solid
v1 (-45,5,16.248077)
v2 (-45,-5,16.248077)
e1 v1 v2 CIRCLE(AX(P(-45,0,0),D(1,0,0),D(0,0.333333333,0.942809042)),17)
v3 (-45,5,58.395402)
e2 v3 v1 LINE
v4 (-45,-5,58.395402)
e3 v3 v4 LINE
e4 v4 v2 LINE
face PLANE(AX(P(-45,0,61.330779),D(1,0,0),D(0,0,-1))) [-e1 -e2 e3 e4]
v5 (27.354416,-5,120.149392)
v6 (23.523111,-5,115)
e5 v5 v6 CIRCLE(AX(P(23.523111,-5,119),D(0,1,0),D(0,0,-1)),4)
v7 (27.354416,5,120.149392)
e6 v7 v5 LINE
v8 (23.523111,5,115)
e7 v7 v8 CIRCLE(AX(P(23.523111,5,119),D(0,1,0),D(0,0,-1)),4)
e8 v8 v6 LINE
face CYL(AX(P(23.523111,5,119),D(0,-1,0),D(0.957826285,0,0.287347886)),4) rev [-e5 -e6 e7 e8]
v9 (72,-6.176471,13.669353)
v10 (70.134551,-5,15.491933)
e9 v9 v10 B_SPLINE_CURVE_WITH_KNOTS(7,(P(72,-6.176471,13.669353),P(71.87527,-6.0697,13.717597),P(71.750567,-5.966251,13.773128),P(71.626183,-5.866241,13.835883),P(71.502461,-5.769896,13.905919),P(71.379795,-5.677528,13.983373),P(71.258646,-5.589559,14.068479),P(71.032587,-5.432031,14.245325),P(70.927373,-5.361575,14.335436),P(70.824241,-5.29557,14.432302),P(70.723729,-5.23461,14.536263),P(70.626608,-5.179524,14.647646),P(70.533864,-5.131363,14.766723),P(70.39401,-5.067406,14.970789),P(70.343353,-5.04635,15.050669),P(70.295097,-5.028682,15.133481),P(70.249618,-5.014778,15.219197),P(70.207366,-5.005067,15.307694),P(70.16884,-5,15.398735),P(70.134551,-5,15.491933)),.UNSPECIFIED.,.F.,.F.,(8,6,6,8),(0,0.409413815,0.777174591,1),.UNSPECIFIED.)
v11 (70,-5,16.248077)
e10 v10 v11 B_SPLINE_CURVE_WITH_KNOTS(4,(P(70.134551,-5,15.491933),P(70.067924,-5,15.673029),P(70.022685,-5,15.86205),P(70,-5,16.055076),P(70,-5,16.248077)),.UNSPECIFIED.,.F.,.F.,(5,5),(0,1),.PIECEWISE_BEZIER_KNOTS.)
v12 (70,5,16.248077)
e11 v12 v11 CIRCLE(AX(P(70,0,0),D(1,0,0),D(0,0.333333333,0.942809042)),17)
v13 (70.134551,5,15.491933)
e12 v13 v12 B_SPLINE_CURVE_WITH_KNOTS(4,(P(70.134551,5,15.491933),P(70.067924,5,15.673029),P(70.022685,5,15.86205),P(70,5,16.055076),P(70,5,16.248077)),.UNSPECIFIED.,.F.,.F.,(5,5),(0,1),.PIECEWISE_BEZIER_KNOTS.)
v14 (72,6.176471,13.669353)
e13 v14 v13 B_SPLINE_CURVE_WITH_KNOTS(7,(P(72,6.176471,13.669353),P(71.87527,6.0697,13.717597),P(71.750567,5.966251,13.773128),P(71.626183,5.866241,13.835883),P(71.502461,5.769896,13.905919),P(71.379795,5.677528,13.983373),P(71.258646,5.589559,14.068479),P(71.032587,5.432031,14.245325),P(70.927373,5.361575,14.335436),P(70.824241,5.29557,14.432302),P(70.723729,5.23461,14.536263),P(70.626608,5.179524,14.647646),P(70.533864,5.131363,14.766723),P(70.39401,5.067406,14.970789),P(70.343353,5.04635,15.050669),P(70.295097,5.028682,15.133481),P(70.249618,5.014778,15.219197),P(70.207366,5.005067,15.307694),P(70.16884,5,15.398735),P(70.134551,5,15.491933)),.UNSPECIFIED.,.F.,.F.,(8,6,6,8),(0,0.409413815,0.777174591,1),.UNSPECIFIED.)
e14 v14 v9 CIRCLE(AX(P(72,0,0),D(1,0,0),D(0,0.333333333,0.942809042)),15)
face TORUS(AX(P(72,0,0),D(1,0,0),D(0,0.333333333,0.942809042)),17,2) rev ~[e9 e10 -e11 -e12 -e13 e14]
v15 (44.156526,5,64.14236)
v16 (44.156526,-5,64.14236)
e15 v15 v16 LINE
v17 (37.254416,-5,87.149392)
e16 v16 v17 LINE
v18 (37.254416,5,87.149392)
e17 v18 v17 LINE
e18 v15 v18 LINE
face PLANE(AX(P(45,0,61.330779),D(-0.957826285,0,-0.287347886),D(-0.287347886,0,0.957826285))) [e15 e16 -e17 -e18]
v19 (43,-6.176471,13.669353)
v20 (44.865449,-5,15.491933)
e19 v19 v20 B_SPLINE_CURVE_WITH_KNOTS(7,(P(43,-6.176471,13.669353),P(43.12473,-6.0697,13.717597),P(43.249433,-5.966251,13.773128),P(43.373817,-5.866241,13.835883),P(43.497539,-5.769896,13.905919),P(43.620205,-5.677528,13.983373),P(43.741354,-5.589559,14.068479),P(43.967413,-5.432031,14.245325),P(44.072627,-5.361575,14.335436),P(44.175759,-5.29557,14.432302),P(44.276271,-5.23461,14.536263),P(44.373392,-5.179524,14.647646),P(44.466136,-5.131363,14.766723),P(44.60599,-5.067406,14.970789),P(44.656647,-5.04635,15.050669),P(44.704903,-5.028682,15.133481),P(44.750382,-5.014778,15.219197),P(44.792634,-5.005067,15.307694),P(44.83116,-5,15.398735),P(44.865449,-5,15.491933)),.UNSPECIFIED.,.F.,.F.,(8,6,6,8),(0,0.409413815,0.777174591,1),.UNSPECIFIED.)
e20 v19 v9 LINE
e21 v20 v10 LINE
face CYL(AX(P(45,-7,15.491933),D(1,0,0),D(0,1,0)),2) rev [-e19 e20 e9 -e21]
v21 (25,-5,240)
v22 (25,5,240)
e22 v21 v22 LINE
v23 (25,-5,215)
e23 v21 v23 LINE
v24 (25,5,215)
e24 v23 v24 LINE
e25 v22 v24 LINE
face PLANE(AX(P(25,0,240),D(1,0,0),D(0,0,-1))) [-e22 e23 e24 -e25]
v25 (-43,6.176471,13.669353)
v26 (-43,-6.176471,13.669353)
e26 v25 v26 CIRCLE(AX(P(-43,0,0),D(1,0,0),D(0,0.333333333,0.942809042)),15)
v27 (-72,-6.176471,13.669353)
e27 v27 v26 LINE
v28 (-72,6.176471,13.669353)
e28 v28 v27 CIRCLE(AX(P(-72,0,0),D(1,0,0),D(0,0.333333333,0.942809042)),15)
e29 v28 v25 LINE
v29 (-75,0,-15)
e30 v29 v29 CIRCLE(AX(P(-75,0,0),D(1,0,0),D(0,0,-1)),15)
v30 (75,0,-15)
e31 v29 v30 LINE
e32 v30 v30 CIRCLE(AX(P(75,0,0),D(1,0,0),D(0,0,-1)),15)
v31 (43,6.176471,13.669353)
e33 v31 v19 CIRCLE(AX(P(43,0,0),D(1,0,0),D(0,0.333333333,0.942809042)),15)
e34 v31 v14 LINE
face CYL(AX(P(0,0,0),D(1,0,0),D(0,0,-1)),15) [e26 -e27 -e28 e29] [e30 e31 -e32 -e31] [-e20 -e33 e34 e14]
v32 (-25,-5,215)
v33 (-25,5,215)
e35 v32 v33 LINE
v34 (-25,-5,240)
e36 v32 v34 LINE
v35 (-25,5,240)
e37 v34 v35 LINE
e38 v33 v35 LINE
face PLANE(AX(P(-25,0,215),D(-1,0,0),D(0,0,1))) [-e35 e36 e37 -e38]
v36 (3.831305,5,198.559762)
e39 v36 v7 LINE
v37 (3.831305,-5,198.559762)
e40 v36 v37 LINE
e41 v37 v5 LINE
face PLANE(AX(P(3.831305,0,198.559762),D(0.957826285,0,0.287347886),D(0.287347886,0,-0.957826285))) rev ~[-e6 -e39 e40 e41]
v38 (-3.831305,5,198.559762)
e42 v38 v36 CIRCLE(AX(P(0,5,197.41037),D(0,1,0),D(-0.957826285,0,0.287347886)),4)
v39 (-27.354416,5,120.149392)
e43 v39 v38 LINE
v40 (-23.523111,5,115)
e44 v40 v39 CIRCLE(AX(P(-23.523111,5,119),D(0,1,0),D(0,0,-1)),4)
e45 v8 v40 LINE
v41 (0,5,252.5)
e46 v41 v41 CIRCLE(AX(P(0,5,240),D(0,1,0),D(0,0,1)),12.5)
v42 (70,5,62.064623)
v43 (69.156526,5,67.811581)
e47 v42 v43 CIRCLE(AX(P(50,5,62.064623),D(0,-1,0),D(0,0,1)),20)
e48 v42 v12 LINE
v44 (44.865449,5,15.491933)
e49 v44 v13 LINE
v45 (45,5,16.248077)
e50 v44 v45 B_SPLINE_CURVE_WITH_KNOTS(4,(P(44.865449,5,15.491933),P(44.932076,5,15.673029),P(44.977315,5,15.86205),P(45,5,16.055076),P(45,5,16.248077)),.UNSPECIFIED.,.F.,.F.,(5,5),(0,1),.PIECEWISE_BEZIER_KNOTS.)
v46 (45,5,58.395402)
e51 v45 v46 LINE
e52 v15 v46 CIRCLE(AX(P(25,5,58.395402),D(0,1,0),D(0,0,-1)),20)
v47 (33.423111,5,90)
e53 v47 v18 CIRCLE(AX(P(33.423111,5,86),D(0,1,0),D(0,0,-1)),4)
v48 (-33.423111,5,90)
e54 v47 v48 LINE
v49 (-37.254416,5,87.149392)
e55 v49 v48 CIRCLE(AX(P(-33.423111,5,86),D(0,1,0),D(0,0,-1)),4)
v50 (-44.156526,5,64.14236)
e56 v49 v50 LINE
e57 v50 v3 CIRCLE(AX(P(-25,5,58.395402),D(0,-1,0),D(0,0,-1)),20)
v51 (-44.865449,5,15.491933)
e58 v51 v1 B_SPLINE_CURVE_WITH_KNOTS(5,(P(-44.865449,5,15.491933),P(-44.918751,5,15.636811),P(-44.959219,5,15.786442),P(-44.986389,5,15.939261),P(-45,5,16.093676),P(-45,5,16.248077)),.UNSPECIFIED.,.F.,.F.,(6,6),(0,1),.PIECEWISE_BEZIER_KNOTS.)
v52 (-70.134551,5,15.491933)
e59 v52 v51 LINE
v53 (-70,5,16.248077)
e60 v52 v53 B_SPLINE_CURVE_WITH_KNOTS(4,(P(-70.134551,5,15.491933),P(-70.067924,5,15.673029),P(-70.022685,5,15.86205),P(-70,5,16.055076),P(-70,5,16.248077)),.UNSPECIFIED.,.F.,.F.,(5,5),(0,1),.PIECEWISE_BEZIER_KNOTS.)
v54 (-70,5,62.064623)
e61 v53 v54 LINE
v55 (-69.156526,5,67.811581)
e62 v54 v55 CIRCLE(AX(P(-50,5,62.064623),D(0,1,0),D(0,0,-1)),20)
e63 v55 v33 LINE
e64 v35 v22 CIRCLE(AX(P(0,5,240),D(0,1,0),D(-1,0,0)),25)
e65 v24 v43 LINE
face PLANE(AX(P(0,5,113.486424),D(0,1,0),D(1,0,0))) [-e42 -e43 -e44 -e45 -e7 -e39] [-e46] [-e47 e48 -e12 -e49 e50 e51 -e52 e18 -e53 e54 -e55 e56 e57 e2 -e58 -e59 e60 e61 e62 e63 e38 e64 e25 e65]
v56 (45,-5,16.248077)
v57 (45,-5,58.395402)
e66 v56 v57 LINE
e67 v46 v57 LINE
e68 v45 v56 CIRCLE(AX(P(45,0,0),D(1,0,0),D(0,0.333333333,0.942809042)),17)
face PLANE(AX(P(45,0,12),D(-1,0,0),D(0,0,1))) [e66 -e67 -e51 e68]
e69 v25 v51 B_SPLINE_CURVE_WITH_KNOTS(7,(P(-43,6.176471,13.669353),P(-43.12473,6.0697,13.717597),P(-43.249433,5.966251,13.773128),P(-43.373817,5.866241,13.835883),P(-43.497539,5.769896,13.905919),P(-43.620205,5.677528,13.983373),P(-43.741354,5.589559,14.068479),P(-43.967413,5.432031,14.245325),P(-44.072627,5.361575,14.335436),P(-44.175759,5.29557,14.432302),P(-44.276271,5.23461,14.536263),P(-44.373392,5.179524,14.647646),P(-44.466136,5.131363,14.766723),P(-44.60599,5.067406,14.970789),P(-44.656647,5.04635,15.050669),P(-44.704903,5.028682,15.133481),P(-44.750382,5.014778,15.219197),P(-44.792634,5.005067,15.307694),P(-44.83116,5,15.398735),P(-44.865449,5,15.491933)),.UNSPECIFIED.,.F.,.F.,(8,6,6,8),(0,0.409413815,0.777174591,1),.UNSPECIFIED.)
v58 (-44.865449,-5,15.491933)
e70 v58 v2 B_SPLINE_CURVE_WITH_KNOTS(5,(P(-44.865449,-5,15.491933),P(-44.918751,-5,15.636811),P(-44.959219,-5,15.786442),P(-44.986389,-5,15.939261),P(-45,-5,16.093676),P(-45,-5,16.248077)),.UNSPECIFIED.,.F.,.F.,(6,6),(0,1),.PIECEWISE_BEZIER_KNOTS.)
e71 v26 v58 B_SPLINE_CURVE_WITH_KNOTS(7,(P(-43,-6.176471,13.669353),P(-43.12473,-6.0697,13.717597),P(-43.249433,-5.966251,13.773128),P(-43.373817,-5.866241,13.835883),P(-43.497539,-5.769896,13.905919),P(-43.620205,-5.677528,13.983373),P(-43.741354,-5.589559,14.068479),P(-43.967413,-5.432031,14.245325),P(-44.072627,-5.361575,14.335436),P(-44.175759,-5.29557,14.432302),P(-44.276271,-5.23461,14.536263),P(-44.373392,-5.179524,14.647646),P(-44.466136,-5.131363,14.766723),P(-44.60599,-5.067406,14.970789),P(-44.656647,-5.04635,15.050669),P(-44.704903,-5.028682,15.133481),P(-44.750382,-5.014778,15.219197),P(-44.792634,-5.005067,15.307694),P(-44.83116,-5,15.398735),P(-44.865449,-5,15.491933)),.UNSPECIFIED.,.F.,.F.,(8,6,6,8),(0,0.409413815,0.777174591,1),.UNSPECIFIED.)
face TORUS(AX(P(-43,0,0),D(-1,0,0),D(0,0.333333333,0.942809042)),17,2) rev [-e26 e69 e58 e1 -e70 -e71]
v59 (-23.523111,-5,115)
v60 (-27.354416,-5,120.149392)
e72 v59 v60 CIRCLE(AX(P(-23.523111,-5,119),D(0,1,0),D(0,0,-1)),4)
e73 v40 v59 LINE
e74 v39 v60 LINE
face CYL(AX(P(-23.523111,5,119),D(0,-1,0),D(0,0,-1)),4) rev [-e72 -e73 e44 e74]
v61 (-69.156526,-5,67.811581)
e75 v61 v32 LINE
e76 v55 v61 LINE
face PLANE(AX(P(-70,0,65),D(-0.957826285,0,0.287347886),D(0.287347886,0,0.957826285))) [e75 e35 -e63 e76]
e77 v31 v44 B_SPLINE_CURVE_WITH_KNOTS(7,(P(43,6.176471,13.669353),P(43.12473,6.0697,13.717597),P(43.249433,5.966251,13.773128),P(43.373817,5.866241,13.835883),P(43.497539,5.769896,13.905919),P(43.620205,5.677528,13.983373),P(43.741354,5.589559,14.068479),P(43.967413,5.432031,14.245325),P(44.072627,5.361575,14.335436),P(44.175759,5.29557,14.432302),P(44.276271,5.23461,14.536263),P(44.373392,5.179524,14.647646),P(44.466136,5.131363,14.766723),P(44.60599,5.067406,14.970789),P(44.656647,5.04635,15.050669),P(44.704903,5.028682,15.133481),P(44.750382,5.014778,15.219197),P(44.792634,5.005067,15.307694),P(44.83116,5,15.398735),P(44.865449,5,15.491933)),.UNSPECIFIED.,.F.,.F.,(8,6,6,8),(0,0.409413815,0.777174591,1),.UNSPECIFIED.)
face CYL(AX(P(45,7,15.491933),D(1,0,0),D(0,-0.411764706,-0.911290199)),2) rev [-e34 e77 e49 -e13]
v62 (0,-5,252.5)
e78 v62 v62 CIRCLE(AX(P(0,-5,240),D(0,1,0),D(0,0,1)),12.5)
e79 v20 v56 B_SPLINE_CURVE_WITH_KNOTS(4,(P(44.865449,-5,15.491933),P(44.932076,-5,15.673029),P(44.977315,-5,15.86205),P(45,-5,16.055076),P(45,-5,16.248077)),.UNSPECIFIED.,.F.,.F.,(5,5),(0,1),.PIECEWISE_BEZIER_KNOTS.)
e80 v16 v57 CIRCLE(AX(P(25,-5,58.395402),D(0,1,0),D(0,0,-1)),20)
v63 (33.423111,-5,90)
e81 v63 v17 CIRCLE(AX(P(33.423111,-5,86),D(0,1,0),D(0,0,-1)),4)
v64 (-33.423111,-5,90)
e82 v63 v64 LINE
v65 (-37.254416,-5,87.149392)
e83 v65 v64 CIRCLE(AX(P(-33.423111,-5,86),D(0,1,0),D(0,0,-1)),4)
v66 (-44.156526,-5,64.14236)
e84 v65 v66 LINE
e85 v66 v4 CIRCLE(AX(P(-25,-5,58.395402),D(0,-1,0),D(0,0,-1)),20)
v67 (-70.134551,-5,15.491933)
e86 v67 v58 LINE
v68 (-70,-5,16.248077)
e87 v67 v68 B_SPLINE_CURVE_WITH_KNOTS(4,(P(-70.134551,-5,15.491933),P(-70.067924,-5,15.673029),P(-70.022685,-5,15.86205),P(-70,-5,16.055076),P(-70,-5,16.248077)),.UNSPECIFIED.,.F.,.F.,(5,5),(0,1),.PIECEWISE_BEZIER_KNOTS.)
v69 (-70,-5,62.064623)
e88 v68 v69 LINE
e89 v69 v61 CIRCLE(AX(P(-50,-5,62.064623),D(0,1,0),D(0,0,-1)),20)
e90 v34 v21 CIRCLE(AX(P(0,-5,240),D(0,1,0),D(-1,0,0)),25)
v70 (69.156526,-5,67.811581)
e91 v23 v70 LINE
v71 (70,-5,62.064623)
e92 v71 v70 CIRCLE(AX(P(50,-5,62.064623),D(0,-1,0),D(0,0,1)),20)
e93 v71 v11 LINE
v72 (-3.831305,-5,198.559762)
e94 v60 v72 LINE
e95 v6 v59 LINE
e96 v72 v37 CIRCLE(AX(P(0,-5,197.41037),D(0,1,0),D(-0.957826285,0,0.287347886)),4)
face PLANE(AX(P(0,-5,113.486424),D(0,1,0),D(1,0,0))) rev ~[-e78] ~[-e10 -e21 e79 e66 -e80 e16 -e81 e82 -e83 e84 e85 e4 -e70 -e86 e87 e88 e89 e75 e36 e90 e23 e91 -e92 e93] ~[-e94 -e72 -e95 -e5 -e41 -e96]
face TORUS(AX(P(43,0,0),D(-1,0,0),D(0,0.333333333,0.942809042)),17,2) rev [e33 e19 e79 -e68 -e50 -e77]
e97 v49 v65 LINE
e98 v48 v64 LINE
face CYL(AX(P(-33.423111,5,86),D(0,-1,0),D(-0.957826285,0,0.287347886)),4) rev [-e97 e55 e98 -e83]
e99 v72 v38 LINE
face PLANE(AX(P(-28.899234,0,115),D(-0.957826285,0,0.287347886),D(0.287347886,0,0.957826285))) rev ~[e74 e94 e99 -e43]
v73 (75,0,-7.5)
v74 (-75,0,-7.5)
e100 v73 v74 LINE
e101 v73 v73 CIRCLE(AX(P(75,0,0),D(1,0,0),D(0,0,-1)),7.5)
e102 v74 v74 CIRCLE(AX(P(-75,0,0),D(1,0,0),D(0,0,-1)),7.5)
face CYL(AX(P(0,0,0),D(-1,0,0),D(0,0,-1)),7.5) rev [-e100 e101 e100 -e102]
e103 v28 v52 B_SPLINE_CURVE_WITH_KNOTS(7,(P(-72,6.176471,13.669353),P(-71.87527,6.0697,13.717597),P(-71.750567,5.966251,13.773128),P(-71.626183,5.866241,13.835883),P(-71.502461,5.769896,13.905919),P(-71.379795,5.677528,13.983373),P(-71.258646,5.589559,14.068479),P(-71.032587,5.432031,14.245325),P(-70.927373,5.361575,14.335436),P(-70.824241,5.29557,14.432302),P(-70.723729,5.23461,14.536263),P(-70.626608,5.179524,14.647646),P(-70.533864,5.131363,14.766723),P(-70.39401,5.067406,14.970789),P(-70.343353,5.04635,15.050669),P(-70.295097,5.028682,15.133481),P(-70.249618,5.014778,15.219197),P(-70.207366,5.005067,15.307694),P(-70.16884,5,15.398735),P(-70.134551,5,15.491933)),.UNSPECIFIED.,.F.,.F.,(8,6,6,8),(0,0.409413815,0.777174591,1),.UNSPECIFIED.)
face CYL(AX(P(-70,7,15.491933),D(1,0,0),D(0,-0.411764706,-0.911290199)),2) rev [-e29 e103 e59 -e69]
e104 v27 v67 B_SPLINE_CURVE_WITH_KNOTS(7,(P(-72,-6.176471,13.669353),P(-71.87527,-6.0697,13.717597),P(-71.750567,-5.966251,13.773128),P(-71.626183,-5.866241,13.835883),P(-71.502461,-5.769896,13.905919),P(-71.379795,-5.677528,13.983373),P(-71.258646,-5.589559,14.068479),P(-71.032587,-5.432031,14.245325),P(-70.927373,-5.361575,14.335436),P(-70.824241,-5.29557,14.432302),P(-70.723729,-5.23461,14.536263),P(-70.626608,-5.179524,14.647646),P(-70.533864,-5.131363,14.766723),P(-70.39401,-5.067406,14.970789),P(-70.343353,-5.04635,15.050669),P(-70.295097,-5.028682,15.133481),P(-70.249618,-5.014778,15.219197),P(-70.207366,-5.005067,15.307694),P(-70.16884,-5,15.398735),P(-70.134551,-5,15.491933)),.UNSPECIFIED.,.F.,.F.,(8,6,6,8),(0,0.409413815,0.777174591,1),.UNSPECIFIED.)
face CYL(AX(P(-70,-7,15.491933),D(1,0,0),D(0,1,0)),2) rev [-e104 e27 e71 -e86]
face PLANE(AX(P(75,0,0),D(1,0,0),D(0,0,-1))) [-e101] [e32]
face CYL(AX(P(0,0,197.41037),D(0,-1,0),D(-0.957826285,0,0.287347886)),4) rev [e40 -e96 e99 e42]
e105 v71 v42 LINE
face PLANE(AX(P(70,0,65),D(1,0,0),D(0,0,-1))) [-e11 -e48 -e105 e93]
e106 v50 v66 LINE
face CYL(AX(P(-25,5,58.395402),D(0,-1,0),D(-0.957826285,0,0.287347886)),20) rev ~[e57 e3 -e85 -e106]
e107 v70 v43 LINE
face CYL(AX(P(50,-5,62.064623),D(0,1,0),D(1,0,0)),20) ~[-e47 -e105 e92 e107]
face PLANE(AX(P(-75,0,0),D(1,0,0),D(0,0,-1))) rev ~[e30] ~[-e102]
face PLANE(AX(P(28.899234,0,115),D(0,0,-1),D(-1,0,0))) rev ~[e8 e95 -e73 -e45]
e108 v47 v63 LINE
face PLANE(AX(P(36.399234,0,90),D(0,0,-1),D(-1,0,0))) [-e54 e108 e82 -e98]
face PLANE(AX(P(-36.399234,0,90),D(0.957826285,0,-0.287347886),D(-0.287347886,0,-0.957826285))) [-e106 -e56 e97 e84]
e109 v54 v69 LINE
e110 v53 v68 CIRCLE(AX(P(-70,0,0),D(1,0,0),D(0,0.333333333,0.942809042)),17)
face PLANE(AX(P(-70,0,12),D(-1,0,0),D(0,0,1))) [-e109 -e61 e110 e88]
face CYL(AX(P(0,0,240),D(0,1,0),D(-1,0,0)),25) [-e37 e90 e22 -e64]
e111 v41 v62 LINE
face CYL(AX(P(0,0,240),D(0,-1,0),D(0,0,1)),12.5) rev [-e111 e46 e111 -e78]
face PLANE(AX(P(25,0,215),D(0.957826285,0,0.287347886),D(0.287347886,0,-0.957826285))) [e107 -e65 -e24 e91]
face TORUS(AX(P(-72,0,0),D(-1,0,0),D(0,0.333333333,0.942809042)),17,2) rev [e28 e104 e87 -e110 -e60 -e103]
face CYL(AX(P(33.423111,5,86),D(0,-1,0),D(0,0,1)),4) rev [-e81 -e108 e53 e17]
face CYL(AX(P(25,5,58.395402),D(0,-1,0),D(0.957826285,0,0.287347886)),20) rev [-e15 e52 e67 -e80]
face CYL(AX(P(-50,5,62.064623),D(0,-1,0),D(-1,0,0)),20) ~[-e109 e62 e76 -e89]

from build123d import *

# Parameters (mm, degrees)
SKETCH_1_R      = 15
SKETCH_1_R_2    = 7.5
EXTRUDE_1_DEPTH = 75
SKETCH_2_R      = 12.5
EXTRUDE_2_DEPTH = 5
FILLET_1_R      = 4
FILLET_2_R      = 20
FILLET_3_R      = 2


with BuildPart() as part:
    # 스케치1 → 보스-돌출1 (new, symmetric)
    with BuildSketch(Plane(origin=(0, 0, 0), x_dir=(0, 0, -1), z_dir=(1, 0, 0))):
        Circle(SKETCH_1_R)
        Circle(SKETCH_1_R_2, mode=Mode.SUBTRACT)
    extrude(amount=EXTRUDE_1_DEPTH, both=True)

    # 스케치2 → 보스-돌출2 (add, symmetric)
    with BuildSketch(Plane(origin=(0, 0, 0), x_dir=(1, 0, 0), z_dir=(0, 1, 0))):
        with BuildLine():
            Line((-70, -65), (-25, -215))
            Line((-25, -215), (-25, -240))
            ThreePointArc((-25, -240), (0, -265), (25, -240))
            Line((25, -240), (25, -215))
            Line((25, -215), (70, -65))
            Line((70, -65), (70, -12))
            Line((70, -12), (45, -12))
            Line((45, -12), (45, -61.330779092))
            Line((45, -61.330779092), (36.399233728, -90))
            Line((36.399233728, -90), (-36.399233728, -90))
            Line((-36.399233728, -90), (-45, -61.330779092))
            Line((-45, -61.330779092), (-45, -12))
            Line((-45, -12), (-70, -12))
            Line((-70, -12), (-70, -65))
        make_face()
        with Locations(Location((0, -240, 0), (0, 0, 270))):
            Circle(SKETCH_2_R, mode=Mode.SUBTRACT)
        with BuildLine():
            Line((3.831305141, -198.559761956), (28.899233728, -115))
            Line((28.899233728, -115), (-28.899233728, -115))
            Line((-28.899233728, -115), (-3.831305141, -198.559761956))
            ThreePointArc((-3.831305141, -198.559761956), (0, -201.410370414), (3.831305141, -198.559761956))
        make_face(mode=Mode.SUBTRACT)
    extrude(amount=EXTRUDE_2_DEPTH, both=True)

    # 필렛1
    fillet_1_edges = [part.edges().sort_by_distance(p)[0] for p in [
        (36.399233728, 0, 90),
        (-36.399233728, 0, 90),
        (28.899233728, 0, 115),
        (-28.899233728, 0, 115),
    ]]
    fillet(fillet_1_edges, radius=FILLET_1_R)

    # 필렛2
    fillet_2_edges = [part.edges().sort_by_distance(p)[0] for p in [
        (-70, 0, 65),
        (70, 0, 65),
        (45, 0, 61.330779092),
        (-45, 0, 61.330779092),
    ]]
    fillet(fillet_2_edges, radius=FILLET_2_R)

    # 필렛3
    fillet_3_edges = [part.edges().sort_by_distance(p)[0] for p in [
        (-45, 0, 15),
        (-57.5, -5, 14.142135624),
        (-57.5, 5, 14.142135624),
        (-70, 0, 15),
        (45, 0, 15),
        (57.5, -5, 14.142135624),
        (57.5, 5, 14.142135624),
        (70, 0, 15),
    ]]
    fillet(fillet_3_edges, radius=FILLET_3_R)


solid = part.part
